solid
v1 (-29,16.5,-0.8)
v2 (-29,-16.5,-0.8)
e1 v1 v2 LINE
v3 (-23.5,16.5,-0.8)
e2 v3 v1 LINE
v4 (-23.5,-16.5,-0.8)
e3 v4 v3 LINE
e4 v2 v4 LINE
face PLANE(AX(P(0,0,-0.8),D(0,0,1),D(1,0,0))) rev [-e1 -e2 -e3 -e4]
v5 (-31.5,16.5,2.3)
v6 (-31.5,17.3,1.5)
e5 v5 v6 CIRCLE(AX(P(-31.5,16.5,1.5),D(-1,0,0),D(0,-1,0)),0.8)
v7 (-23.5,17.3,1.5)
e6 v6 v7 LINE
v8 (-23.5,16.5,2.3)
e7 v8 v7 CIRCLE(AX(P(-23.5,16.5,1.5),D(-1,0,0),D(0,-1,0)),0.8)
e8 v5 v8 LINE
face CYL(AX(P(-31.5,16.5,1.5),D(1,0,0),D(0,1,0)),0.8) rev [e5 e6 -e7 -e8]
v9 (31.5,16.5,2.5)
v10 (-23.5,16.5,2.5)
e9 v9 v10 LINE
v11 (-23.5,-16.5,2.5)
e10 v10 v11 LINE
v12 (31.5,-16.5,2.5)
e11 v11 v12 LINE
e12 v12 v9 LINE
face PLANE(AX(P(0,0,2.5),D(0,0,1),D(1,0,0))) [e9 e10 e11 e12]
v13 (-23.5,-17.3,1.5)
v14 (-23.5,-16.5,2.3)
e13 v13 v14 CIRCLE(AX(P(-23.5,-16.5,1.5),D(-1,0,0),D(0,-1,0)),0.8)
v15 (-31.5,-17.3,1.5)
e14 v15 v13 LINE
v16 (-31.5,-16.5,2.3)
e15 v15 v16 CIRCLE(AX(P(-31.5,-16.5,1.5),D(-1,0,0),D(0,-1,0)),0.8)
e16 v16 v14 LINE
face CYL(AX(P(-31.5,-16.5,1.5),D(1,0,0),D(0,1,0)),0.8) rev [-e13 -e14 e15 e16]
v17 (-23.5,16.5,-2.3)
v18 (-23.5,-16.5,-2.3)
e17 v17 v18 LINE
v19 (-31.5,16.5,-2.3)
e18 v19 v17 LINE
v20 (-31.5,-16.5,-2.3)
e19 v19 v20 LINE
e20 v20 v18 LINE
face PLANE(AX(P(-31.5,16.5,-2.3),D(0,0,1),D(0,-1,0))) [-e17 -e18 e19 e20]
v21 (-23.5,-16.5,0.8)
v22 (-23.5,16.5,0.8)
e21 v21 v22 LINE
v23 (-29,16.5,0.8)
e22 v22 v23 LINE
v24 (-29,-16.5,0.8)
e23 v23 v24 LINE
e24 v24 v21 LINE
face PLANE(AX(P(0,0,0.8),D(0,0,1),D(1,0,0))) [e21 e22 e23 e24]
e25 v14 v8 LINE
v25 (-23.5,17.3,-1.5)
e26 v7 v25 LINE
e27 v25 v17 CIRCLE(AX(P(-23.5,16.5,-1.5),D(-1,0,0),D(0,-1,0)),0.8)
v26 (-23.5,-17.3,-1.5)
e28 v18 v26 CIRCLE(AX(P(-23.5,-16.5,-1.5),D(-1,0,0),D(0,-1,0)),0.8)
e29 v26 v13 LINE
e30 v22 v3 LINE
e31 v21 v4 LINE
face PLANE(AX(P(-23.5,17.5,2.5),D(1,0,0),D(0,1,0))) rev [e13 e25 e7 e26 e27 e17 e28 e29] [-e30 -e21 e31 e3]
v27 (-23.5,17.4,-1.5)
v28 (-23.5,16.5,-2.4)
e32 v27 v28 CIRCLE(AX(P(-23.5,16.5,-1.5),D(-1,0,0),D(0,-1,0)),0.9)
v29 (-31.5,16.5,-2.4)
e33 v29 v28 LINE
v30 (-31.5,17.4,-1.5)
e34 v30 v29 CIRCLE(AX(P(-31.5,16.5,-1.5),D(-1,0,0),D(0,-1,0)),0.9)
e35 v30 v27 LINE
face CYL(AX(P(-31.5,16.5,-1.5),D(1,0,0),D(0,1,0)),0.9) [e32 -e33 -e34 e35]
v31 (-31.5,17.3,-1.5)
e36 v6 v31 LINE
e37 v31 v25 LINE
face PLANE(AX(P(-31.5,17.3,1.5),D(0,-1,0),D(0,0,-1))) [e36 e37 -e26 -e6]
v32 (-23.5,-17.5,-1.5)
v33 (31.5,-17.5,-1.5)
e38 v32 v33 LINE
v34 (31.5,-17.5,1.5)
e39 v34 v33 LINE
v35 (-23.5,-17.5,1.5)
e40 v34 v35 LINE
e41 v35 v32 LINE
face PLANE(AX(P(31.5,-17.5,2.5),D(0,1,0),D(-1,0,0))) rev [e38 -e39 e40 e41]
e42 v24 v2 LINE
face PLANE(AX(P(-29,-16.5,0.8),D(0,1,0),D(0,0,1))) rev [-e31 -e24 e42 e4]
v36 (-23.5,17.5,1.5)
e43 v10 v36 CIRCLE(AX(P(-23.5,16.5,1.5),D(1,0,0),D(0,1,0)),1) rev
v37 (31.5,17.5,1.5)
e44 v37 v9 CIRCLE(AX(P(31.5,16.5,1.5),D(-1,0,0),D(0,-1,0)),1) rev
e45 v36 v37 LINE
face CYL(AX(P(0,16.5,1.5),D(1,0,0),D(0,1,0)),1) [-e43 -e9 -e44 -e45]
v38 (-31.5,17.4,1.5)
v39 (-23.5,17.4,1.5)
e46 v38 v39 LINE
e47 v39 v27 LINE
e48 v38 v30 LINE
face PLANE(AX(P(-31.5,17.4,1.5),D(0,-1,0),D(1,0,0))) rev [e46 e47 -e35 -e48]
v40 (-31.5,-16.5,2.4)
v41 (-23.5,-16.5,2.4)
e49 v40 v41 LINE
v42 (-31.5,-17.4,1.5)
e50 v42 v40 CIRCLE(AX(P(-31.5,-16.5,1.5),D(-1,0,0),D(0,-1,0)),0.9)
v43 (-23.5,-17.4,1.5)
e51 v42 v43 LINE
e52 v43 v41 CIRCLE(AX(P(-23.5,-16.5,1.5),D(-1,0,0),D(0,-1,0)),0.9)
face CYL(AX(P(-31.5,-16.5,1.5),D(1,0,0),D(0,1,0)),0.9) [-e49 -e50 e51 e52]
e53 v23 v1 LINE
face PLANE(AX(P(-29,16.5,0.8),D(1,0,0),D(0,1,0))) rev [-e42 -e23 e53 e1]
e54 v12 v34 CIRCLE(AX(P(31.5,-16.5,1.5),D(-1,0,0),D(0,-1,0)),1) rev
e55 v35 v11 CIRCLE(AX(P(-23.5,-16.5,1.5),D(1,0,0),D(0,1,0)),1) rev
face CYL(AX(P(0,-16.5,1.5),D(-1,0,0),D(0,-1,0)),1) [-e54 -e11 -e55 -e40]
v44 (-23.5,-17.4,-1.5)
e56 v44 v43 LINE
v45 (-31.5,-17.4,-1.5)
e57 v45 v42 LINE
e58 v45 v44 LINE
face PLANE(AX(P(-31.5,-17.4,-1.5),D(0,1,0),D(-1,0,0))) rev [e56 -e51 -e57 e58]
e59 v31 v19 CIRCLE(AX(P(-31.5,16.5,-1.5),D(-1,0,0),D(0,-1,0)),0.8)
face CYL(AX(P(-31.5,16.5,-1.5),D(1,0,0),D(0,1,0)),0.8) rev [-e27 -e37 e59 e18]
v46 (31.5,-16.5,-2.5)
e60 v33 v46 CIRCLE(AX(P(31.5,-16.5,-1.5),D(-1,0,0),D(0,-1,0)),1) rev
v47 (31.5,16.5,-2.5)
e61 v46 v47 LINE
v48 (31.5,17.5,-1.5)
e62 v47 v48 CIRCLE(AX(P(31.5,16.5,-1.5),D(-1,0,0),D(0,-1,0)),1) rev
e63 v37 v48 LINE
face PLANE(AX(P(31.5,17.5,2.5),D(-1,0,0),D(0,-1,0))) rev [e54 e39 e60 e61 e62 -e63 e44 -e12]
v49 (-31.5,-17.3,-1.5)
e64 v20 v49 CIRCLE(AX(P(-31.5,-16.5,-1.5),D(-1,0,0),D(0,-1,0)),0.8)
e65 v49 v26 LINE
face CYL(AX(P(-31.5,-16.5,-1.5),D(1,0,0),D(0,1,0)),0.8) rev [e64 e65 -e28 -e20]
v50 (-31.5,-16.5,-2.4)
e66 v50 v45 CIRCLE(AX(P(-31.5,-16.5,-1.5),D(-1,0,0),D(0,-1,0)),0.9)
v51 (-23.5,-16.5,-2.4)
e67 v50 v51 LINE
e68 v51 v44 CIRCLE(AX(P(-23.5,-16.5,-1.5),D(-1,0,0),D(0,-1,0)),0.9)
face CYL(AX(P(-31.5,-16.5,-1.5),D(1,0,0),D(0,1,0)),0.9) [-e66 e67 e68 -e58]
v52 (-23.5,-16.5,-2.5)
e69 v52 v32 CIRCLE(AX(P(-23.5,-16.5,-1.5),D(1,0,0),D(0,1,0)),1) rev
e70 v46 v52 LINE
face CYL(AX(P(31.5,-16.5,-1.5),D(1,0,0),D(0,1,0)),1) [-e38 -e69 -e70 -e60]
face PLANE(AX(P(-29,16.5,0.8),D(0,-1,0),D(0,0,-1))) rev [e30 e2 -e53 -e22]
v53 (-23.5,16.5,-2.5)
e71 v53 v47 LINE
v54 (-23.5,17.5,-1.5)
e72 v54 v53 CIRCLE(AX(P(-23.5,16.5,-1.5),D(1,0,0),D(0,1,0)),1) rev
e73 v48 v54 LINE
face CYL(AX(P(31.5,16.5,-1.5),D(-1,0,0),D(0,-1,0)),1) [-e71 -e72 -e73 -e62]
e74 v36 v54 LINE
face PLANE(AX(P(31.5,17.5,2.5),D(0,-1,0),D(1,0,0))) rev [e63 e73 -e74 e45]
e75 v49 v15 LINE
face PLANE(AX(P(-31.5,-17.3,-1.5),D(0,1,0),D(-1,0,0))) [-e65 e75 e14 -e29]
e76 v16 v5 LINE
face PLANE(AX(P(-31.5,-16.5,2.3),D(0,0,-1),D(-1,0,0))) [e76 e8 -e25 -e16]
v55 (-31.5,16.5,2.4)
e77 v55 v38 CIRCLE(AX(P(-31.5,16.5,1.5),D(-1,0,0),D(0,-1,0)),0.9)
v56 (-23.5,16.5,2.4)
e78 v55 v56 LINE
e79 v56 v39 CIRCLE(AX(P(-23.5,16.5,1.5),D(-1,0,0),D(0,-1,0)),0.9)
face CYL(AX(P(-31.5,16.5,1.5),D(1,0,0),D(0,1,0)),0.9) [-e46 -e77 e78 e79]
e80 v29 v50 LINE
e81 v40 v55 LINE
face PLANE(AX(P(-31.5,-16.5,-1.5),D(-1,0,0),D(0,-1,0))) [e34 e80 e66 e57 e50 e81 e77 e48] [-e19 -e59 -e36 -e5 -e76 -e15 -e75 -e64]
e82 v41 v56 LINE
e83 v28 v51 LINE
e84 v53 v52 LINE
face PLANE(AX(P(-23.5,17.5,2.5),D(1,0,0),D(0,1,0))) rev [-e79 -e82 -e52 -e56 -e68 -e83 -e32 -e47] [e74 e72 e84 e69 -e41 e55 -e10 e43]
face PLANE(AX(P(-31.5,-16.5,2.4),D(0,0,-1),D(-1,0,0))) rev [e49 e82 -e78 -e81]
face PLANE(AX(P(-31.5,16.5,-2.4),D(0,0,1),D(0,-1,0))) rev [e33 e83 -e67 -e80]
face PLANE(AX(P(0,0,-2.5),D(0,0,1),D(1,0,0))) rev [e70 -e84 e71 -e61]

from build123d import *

# Parameters (mm, degrees)
SKETCH1_W           = 55
SKETCH1_H           = 35
BOSS_EXTRUDE1_DEPTH = 2.5
FILLET1_R           = 1
SKETCH2_W           = 5.5
SKETCH2_H           = 33
BOSS_EXTRUDE2_DEPTH = 0.8
BOSS_EXTRUDE4_DEPTH = 8


with BuildPart() as part:
    # Sketch1 → Boss-Extrude1 (new, symmetric)
    with BuildSketch(Plane.XY):
        with Locations((4, 0)):
            Rectangle(SKETCH1_W, SKETCH1_H)
    extrude(amount=BOSS_EXTRUDE1_DEPTH, both=True)

    # Fillet1
    fillet1_edges = [part.edges().sort_by_distance(p)[0] for p in [
        (4, 17.5, 2.5),
        (4, -17.5, 2.5),
        (4, 17.5, -2.5),
        (4, -17.5, -2.5),
    ]]
    fillet(fillet1_edges, radius=FILLET1_R)

    # Sketch2 → Boss-Extrude2 (add, symmetric)
    with BuildSketch(Plane.XY):
        with Locations((-26.25, 0)):
            Rectangle(SKETCH2_W, SKETCH2_H)
    extrude(amount=BOSS_EXTRUDE2_DEPTH, both=True)

    # Sketch3 → Boss-Extrude4 (add)
    with BuildSketch(Plane.ZY.offset(23.5)):
        with BuildLine():
            Line((-1.5, -17.4), (1.5, -17.4))
            ThreePointArc((1.5, -17.4), (2.136396103, -17.136396103), (2.4, -16.5))
            Line((2.4, -16.5), (2.4, 16.5))
            ThreePointArc((2.4, 16.5), (2.136396103, 17.136396103), (1.5, 17.4))
            Line((1.5, 17.4), (-1.5, 17.4))
            ThreePointArc((-1.5, 17.4), (-2.136396103, 17.136396103), (-2.4, 16.5))
            Line((-2.4, 16.5), (-2.4, -16.5))
            ThreePointArc((-2.4, -16.5), (-2.136396103, -17.136396103), (-1.5, -17.4))
        make_face()
        with BuildLine():
            Line((-1.5, -17.3), (1.5, -17.3))
            ThreePointArc((1.5, -17.3), (2.065685425, -17.065685425), (2.3, -16.5))
            Line((2.3, -16.5), (2.3, 16.5))
            ThreePointArc((2.3, 16.5), (2.065685425, 17.065685425), (1.5, 17.3))
            Line((1.5, 17.3), (-1.5, 17.3))
            ThreePointArc((-1.5, 17.3), (-2.065685425, 17.065685425), (-2.3, 16.5))
            Line((-2.3, 16.5), (-2.3, -16.5))
            ThreePointArc((-2.3, -16.5), (-2.065685425, -17.065685425), (-1.5, -17.3))
        make_face(mode=Mode.SUBTRACT)
    extrude(amount=BOSS_EXTRUDE4_DEPTH)


solid = part.part
